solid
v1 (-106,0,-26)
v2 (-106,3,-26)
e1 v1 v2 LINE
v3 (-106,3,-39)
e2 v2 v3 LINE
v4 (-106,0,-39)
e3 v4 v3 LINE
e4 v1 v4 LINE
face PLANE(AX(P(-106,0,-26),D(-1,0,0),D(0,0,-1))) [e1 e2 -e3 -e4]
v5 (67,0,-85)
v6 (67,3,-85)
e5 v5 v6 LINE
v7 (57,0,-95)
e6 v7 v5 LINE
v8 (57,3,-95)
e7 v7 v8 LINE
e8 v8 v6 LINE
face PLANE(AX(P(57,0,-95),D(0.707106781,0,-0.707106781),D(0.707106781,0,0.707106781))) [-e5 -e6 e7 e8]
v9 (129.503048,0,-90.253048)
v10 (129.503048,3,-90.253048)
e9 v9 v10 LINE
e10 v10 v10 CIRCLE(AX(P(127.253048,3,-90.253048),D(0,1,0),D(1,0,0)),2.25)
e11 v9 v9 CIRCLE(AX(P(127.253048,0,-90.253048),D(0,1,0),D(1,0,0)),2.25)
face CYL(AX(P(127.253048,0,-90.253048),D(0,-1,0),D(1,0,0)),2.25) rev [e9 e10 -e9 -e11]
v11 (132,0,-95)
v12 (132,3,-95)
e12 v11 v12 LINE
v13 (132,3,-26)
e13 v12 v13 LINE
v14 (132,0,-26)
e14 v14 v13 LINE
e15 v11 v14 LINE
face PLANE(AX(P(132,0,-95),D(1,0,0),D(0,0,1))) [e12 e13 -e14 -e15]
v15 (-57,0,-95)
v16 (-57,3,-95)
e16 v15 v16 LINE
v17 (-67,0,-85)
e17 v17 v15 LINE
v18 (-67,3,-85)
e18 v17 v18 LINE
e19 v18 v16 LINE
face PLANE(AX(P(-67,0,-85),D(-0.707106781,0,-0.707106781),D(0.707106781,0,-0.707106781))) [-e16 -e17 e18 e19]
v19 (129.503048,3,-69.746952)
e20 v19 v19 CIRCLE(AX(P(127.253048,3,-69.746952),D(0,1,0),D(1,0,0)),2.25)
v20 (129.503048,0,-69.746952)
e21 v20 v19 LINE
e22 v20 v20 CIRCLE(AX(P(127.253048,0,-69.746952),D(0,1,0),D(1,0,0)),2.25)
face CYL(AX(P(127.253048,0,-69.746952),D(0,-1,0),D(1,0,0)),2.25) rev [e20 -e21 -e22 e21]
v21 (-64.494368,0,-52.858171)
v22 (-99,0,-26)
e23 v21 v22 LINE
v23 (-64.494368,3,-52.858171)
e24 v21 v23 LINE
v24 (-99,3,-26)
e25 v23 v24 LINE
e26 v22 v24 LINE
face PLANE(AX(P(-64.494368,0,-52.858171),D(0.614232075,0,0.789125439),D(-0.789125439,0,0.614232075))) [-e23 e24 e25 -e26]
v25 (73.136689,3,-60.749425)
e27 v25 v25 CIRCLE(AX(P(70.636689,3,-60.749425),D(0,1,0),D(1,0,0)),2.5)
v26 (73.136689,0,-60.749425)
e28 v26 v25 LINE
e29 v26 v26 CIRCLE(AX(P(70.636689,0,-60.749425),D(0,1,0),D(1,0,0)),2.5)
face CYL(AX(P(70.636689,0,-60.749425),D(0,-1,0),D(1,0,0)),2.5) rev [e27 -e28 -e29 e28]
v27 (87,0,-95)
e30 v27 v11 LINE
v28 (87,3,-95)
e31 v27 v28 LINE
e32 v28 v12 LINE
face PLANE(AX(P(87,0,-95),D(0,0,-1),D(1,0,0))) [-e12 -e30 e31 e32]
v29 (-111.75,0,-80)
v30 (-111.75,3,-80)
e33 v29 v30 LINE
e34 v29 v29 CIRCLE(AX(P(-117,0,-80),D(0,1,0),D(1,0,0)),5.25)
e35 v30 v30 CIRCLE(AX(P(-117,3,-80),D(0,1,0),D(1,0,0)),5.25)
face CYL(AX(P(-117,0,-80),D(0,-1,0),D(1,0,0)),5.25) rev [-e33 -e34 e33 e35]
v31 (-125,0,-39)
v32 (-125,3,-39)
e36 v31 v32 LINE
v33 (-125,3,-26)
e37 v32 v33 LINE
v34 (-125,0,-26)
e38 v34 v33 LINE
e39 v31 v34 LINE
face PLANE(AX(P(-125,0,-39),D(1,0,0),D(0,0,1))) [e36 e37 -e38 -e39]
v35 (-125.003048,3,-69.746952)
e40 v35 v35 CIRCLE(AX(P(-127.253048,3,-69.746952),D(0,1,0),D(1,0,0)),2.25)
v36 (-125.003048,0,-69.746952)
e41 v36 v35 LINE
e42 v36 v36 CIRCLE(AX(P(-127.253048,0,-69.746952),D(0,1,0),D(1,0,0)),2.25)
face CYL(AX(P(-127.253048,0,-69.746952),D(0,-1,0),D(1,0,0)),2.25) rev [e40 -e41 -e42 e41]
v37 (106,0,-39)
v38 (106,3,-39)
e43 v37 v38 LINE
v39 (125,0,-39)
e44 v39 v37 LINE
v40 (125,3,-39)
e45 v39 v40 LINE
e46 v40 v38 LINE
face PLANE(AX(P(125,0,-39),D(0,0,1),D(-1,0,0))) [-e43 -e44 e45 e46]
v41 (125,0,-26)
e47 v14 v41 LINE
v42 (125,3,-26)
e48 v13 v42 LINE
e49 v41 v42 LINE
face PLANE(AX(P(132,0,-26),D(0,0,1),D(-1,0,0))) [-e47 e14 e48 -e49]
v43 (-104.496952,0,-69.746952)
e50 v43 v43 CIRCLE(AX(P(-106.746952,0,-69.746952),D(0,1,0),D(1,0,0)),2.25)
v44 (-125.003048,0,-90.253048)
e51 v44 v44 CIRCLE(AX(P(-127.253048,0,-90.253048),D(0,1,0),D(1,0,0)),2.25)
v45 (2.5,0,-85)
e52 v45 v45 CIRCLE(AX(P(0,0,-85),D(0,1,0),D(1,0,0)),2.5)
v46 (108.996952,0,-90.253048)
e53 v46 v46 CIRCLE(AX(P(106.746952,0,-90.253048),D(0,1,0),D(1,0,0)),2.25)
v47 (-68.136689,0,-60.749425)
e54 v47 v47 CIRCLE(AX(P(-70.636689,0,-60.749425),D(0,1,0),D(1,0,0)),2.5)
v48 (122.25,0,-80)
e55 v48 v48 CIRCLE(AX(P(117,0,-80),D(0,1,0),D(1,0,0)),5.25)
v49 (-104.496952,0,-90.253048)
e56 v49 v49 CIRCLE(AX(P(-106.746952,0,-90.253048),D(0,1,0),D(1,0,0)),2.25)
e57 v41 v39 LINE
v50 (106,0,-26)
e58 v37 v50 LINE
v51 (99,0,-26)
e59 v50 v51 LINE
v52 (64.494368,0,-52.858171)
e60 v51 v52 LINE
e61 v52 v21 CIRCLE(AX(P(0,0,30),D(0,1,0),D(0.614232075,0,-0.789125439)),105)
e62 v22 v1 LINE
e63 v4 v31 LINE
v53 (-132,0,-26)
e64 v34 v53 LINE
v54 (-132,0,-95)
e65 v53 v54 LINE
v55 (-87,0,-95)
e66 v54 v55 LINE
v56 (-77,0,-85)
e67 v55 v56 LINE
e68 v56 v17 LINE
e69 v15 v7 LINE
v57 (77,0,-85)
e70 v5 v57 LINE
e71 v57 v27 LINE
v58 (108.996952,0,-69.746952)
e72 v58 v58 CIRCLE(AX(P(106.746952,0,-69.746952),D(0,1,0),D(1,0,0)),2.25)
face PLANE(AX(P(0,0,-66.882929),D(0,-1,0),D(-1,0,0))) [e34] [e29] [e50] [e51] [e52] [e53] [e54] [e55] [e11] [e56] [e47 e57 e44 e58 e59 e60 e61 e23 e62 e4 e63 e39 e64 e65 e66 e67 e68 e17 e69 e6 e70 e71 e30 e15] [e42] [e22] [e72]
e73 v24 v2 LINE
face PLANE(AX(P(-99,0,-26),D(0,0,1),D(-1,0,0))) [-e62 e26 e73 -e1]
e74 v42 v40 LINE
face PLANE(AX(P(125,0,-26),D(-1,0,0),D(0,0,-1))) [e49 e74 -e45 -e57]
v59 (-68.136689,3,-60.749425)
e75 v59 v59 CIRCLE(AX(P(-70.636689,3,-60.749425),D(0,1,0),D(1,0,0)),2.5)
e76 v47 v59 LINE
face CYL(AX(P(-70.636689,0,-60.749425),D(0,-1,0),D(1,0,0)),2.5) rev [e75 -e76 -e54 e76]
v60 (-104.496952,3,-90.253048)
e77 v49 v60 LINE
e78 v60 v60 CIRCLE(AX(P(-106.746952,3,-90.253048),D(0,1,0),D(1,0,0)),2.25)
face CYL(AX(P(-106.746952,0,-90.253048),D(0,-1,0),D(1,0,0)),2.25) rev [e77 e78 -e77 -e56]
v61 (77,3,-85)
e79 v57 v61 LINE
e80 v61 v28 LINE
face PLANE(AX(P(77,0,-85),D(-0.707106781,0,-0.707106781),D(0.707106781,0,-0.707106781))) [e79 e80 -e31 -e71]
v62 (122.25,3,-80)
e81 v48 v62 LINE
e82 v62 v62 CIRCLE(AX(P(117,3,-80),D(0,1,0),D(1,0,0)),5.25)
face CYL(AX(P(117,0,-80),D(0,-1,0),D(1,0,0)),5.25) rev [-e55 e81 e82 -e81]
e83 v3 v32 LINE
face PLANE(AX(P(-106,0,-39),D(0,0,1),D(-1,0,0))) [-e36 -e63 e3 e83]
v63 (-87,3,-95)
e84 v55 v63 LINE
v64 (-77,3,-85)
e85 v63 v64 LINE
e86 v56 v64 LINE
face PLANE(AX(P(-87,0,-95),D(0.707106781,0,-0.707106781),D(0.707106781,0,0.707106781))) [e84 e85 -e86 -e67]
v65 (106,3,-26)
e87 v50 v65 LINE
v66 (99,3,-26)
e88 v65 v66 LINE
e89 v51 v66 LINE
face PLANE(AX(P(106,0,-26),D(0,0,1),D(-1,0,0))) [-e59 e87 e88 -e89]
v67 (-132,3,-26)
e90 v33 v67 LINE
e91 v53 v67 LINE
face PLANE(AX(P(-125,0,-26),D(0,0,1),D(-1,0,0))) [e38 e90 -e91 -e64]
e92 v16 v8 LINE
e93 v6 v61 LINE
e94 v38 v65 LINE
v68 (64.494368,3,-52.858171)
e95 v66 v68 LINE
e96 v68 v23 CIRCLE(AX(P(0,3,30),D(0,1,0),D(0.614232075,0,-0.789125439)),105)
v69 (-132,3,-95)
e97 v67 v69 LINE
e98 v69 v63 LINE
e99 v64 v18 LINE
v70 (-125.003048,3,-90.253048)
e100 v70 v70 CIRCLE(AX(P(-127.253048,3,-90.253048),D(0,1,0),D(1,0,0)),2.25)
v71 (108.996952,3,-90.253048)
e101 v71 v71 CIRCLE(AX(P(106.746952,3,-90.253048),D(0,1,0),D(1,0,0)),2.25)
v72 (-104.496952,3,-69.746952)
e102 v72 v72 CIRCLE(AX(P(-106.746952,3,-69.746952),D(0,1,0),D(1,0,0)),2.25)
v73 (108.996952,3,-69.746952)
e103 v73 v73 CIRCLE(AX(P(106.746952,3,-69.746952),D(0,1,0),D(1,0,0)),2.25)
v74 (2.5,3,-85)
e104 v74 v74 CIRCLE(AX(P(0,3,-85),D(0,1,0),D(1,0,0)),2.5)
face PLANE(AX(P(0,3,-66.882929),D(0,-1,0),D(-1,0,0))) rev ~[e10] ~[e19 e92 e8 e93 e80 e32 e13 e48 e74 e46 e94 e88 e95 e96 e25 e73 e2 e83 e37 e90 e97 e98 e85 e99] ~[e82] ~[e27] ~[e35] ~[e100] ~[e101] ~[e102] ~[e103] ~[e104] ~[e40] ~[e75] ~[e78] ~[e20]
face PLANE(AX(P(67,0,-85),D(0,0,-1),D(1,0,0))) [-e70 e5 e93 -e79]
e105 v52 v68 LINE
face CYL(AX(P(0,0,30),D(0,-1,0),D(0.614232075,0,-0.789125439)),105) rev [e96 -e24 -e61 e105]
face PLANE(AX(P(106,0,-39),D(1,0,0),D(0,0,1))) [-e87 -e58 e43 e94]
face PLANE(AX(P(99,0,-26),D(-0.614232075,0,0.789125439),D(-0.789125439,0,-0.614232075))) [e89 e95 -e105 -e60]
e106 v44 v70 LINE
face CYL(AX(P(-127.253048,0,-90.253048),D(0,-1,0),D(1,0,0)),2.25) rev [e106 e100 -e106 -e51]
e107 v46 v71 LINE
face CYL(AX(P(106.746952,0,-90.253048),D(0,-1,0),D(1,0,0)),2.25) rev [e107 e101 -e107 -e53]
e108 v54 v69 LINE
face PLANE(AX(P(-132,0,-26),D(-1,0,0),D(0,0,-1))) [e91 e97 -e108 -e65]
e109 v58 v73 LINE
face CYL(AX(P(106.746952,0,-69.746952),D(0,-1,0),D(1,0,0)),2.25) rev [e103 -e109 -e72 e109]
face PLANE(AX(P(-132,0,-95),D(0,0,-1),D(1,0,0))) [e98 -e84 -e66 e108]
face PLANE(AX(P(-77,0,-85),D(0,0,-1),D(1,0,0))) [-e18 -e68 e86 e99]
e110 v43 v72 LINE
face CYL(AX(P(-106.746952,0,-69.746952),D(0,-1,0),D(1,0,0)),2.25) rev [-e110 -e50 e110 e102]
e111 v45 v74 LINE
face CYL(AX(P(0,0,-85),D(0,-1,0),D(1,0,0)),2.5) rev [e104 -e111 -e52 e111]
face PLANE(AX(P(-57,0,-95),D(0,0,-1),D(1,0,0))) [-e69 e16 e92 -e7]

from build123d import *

# Parameters (mm, degrees)
ESQUISSE1_R      = 5.25
ESQUISSE1_R_2    = 2.25
ESQUISSE1_R_3    = 2.5
EXTRUSION1_DEPTH = 3


with BuildPart() as part:
    # Esquisse1 → Extrusion1 (new body)
    with BuildSketch(Plane(origin=(0, 0, 0), x_dir=(1, 0, 0), z_dir=(0, 1, 0))):
        with BuildLine():
            Line((-64.494367887, 52.858171056), (-99, 26))
            Line((-99, 26), (-106, 26))
            Line((-106, 26), (-106, 39))
            Line((-106, 39), (-125, 39))
            Line((-125, 39), (-125, 26))
            Line((-125, 26), (-132, 26))
            Line((-132, 26), (-132, 95))
            Line((-132, 95), (-87, 95))
            Line((-87, 95), (-77, 85))
            Line((-77, 85), (-67, 85))
            Line((-67, 85), (-57, 95))
            Line((-57, 95), (57, 95))
            Line((57, 95), (67, 85))
            Line((67, 85), (77, 85))
            Line((77, 85), (87, 95))
            Line((87, 95), (132, 95))
            Line((132, 95), (132, 26))
            Line((132, 26), (125, 26))
            Line((125, 26), (125, 39))
            Line((125, 39), (106, 39))
            Line((106, 39), (106, 26))
            Line((106, 26), (99, 26))
            Line((99, 26), (64.494367887, 52.858171056))
            ThreePointArc((64.494367887, 52.858171056), (0, 75), (-64.494367887, 52.858171056))
        make_face()
        with Locations((-117, 80)):
            Circle(ESQUISSE1_R, mode=Mode.SUBTRACT)
        with Locations((117, 80)):
            Circle(ESQUISSE1_R, mode=Mode.SUBTRACT)
        with Locations((-127.253048327, 90.253048327)):
            Circle(ESQUISSE1_R_2, mode=Mode.SUBTRACT)
        with Locations((-106.746951673, 90.253048327)):
            Circle(ESQUISSE1_R_2, mode=Mode.SUBTRACT)
        with Locations((-106.746951673, 69.746951673)):
            Circle(ESQUISSE1_R_2, mode=Mode.SUBTRACT)
        with Locations((-127.253048327, 69.746951673)):
            Circle(ESQUISSE1_R_2, mode=Mode.SUBTRACT)
        with Locations((106.746951673, 69.746951673)):
            Circle(ESQUISSE1_R_2, mode=Mode.SUBTRACT)
        with Locations((127.253048327, 69.746951673)):
            Circle(ESQUISSE1_R_2, mode=Mode.SUBTRACT)
        with Locations((127.253048327, 90.253048327)):
            Circle(ESQUISSE1_R_2, mode=Mode.SUBTRACT)
        with Locations((106.746951673, 90.253048327)):
            Circle(ESQUISSE1_R_2, mode=Mode.SUBTRACT)
        with Locations((-70.636688638, 60.749425443)):
            Circle(ESQUISSE1_R_3, mode=Mode.SUBTRACT)
        with Locations((70.636688638, 60.749425443)):
            Circle(ESQUISSE1_R_3, mode=Mode.SUBTRACT)
        with Locations((0, 85)):
            Circle(ESQUISSE1_R_3, mode=Mode.SUBTRACT)
    extrude(amount=EXTRUSION1_DEPTH)


solid = part.part
